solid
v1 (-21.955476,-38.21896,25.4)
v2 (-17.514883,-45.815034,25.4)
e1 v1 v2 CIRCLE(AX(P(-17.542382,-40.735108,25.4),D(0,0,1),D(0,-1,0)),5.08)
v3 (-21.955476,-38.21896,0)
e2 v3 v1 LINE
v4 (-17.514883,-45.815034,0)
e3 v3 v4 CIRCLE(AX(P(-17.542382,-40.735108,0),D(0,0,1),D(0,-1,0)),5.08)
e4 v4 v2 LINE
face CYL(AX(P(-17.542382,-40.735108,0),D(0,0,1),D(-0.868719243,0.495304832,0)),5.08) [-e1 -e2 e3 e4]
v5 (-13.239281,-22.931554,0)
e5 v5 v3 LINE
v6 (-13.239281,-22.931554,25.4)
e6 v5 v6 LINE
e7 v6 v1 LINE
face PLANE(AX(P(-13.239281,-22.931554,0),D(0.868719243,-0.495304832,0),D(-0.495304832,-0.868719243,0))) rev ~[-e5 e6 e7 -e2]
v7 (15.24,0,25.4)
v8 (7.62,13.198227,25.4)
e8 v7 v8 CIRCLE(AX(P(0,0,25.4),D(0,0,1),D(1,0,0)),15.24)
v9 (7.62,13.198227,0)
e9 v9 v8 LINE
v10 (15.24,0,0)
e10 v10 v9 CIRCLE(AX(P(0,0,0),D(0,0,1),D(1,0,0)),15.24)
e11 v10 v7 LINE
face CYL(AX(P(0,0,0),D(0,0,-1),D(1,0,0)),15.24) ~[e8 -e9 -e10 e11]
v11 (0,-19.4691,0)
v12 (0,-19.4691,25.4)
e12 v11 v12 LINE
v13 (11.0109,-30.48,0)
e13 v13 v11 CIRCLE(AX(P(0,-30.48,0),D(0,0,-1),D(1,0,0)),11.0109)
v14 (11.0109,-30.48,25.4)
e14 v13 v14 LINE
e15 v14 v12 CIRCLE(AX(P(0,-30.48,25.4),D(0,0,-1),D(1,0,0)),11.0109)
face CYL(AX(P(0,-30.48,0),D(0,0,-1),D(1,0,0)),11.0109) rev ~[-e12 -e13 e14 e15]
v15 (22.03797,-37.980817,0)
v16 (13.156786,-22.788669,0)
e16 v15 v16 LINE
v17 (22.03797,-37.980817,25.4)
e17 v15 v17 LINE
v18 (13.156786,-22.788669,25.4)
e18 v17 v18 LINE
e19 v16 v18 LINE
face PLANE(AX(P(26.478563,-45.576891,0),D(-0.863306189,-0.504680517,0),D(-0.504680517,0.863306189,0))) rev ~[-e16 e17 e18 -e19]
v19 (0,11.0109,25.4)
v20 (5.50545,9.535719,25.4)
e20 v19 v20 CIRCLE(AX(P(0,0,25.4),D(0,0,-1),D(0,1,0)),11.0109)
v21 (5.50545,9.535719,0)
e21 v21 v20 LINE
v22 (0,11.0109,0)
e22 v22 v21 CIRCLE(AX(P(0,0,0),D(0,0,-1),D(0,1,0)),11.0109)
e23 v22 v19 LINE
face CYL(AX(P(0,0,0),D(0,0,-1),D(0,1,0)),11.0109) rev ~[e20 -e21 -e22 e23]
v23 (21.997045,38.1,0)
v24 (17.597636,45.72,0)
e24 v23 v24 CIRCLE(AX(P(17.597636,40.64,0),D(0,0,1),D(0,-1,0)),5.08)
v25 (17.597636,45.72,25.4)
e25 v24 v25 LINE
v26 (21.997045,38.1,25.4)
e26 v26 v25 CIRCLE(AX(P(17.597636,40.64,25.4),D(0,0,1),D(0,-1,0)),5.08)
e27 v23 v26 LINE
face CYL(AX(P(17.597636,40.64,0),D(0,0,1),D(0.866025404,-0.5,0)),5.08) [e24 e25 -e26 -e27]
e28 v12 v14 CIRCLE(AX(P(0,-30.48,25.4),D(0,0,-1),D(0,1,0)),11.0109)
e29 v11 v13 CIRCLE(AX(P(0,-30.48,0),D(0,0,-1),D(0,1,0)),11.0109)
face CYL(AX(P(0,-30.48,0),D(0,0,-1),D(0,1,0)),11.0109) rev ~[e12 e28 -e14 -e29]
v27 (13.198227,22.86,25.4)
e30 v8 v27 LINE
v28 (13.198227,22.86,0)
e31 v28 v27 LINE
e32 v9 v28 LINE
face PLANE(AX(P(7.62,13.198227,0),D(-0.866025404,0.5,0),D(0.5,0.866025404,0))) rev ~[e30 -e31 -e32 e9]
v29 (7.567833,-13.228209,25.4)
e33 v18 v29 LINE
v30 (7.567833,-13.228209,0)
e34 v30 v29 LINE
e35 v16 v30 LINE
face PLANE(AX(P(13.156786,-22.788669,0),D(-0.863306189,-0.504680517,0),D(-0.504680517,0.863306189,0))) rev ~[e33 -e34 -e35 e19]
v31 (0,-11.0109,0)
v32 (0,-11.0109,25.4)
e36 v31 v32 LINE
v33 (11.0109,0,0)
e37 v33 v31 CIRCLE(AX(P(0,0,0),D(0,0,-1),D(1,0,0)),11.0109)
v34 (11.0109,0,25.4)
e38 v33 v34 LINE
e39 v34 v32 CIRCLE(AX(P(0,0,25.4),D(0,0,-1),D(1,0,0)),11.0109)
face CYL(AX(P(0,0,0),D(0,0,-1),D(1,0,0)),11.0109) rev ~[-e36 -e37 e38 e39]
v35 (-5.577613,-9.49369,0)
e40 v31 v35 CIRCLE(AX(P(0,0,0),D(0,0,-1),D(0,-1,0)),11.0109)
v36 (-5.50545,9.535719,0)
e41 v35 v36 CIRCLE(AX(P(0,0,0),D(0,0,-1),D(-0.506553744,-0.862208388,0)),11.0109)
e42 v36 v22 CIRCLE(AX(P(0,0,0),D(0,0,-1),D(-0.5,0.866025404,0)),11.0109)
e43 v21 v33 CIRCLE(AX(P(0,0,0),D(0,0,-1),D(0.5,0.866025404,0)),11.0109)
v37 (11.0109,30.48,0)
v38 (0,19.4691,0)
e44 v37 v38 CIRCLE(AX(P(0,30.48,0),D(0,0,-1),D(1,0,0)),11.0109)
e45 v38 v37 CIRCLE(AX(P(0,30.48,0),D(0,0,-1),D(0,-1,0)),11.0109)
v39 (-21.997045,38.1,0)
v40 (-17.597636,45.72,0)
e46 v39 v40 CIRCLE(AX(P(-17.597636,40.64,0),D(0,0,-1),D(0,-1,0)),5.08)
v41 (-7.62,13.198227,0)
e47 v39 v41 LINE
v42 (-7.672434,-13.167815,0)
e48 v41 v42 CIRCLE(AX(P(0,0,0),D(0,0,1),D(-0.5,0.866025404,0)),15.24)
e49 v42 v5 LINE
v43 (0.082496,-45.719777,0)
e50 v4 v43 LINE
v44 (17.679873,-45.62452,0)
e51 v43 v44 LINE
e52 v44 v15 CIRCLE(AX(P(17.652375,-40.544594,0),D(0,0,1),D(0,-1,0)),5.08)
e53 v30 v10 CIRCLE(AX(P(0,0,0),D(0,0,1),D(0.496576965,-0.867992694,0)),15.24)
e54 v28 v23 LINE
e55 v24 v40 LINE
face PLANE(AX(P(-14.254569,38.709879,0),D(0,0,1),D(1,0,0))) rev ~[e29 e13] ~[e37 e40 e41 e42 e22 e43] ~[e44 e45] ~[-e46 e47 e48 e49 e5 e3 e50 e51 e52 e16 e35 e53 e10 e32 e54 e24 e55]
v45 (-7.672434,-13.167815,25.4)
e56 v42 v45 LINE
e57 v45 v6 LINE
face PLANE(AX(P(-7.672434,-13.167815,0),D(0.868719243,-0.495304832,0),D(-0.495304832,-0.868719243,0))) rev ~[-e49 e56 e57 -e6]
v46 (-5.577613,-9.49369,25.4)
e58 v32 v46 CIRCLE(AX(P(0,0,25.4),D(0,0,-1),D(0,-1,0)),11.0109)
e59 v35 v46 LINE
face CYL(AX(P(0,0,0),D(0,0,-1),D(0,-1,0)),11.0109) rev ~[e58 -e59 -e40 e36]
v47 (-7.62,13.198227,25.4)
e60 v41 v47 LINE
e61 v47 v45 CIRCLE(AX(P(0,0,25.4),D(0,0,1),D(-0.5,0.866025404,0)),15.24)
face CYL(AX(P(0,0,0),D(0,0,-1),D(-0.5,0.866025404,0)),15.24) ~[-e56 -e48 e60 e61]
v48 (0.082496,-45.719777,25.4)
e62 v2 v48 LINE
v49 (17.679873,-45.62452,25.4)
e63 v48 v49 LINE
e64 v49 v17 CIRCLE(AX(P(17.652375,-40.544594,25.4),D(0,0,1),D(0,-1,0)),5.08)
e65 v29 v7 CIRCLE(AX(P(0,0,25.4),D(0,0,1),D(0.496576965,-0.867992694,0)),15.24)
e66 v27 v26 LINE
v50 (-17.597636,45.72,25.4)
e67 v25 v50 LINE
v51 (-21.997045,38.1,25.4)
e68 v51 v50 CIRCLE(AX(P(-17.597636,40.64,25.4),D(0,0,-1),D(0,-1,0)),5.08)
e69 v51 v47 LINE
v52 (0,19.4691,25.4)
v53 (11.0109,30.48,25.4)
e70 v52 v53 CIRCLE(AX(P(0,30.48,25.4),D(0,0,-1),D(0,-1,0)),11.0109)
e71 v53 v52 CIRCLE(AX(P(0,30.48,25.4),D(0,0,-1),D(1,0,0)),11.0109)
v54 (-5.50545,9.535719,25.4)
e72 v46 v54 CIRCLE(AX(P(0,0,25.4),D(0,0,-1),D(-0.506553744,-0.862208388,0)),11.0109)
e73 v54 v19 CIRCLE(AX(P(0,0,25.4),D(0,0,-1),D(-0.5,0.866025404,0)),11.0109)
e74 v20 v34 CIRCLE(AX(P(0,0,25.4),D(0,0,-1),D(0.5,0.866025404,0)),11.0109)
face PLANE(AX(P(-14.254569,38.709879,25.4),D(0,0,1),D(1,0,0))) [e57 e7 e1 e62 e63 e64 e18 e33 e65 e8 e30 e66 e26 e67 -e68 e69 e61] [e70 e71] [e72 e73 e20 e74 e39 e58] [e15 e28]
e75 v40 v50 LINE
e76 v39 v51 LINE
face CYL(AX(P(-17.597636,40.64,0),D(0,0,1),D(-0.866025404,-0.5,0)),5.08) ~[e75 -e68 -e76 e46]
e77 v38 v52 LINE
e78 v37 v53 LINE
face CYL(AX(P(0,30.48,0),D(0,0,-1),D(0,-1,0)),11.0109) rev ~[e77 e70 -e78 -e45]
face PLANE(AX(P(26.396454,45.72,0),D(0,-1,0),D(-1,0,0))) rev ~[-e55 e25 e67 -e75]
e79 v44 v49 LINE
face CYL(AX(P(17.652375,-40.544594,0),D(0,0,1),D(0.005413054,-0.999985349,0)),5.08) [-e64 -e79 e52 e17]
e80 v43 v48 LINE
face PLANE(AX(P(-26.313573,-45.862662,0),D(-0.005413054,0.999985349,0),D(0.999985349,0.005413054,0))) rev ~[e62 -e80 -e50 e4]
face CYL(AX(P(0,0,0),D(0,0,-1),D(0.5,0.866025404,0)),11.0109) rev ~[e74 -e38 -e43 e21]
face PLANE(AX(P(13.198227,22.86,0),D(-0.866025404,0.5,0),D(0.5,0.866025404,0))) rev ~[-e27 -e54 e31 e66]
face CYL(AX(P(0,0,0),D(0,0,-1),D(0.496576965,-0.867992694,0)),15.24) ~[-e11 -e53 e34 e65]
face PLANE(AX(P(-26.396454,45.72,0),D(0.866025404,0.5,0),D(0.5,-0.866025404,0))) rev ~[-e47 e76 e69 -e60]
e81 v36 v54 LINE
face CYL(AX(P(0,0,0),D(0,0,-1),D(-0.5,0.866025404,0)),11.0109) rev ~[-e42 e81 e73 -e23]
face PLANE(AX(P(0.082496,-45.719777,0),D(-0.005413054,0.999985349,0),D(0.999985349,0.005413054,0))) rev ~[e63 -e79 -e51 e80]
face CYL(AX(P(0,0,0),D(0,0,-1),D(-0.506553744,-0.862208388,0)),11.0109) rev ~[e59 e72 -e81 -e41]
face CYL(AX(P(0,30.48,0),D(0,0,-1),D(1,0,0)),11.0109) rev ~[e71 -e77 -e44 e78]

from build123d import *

# Parameters (mm, degrees)
F1_DEPTH = 25.4
F2_R     = 5.08
F3_R     = 5.08


with BuildPart() as f1:
    # F0 (on Top) → F1 (new body)
    with BuildSketch(Plane.XY):
        with BuildLine():
            Line((-26.3964543073, 45.72), (-13.1982270342, 22.8599997931))
            ThreePointArc((-13.1982270342, 22.8599997931), (-13.1982272083, 38.0999999054), (2.04e-08, 45.72))
            Line((2.04e-08, 45.72), (-26.3964543073, 45.72))
        make_face()
        with BuildLine():
            ThreePointArc((-13.1982270342, 22.8599997931), (-7.6199998966, 17.2817727866), (0, 15.24))
            ThreePointArc((0, 15.24), (7.6200000359, 17.281772867), (13.1982271951, 22.8600000717))
            ThreePointArc((13.1982271951, 22.8600000717), (14.7207096034, 26.5355977926), (15.24, 30.48))
            ThreePointArc((15.24, 30.48), (10.7763073525, 41.2563073381), (2.04e-08, 45.72))
            ThreePointArc((2.04e-08, 45.72), (-13.1982272083, 38.0999999054), (-13.1982270342, 22.8599997931))
        make_face()
        with BuildLine():
            ThreePointArc((11.0109, 30.48), (7.785882057, 22.694117943), (0, 19.4691))
            ThreePointArc((0, 19.4691), (-7.785882057, 38.265882057), (11.0109, 30.48))
        make_face(mode=Mode.SUBTRACT)
        with BuildLine():
            ThreePointArc((15.24, 30.48), (14.7207096034, 26.5355977926), (13.1982271951, 22.8600000717))
            Line((13.1982271951, 22.8600000717), (26.3964543073, 45.72))
            Line((26.3964543073, 45.72), (2.04e-08, 45.72))
            ThreePointArc((2.04e-08, 45.72), (10.7763073525, 41.2563073381), (15.24, 30.48))
        make_face()
        with BuildLine():
            ThreePointArc((0, 15.24), (3.9444022474, 14.7207095926), (7.62, 13.1982271537))
            Line((7.62, 13.1982271537), (13.1982271951, 22.8600000717))
            ThreePointArc((13.1982271951, 22.8600000717), (7.6200000359, 17.281772867), (0, 15.24))
        make_face()
        with BuildLine():
            ThreePointArc((-7.62, 13.1982271537), (-3.9444022474, 14.7207095926), (0, 15.24))
            ThreePointArc((0, 15.24), (-7.6199998966, 17.2817727866), (-13.1982270342, 22.8599997931))
            Line((-13.1982270342, 22.8599997931), (-7.62, 13.1982271537))
        make_face()
        with BuildLine():
            ThreePointArc((-5.50545, 9.5357191185), (-2.8498306237, 10.6357126807), (0, 11.0109))
            Line((0, 11.0109), (0, 15.24))
            ThreePointArc((0, 15.24), (-3.9444022474, 14.7207095926), (-7.62, 13.1982271537))
            Line((-7.62, 13.1982271537), (-5.50545, 9.5357191185))
        make_face()
        with BuildLine():
            ThreePointArc((0, 11.0109), (2.8498306237, 10.6357126807), (5.50545, 9.5357191185))
            Line((5.50545, 9.5357191185), (7.62, 13.1982271537))
            ThreePointArc((7.62, 13.1982271537), (3.9444022474, 14.7207095926), (0, 15.24))
            Line((0, 15.24), (0, 11.0109))
        make_face()
        with BuildLine():
            ThreePointArc((-5.5776126233, -9.4936903381), (-11.0108208297, 0.0417548278), (-5.50545, 9.5357191185))
            Line((-5.50545, 9.5357191185), (-7.62, 13.1982271537))
            ThreePointArc((-7.62, 13.1982271537), (-15.2399698636, 0.030307715), (-7.6724341256, -13.1678151031))
            Line((-7.6724341256, -13.1678151031), (-5.5776126233, -9.4936903381))
        make_face()
        with BuildLine():
            Line((0, -15.24), (0, -11.0109))
            ThreePointArc((0, -11.0109), (-2.8901421995, -10.6248292634), (-5.5776126233, -9.4936903381))
            Line((-5.5776126233, -9.4936903381), (-7.6724341256, -13.1678151031))
            ThreePointArc((-7.6724341256, -13.1678151031), (-3.9736694521, -14.7128362692), (0, -15.24))
        make_face()
        with BuildLine():
            Line((7.5678329537, -13.2282086612), (5.4333591334, -9.5769790298))
            ThreePointArc((5.4333591334, -9.5769790298), (2.8096939701, -10.6463861758), (0, -11.0109))
            Line((0, -11.0109), (0, -15.24))
            ThreePointArc((0, -15.24), (3.9153352349, -14.7284673337), (7.5678329537, -13.2282086612))
        make_face()
        with BuildLine():
            ThreePointArc((5.50545, 9.5357191185), (9.5357191185, 5.50545), (11.0109, 0))
            ThreePointArc((11.0109, 0), (9.5148855193, -5.5413782008), (5.4333591334, -9.5769790298))
            Line((5.4333591334, -9.5769790298), (7.5678329537, -13.2282086612))
            ThreePointArc((7.5678329537, -13.2282086612), (13.1831592233, -7.6460390329), (15.24, 0))
            ThreePointArc((15.24, 0), (13.1982271537, 7.62), (7.62, 13.1982271537))
            Line((7.62, 13.1982271537), (5.50545, 9.5357191185))
        make_face()
        with BuildLine():
            ThreePointArc((13.1567863006, -22.7886688902), (7.5842505855, -17.2611973668), (0, -15.24))
            ThreePointArc((0, -15.24), (-7.6556936027, -17.302445012), (-13.2392812888, -22.9315544013))
            ThreePointArc((-13.2392812888, -22.9315544013), (-13.1567861593, -38.1713313515), (0.0824955225, -45.7197767204))
            ThreePointArc((0.0824955225, -45.7197767204), (10.8054345531, -41.2271011961), (15.24, -30.48))
            ThreePointArc((15.24, -30.48), (14.7099800003, -26.4957700381), (13.1567863006, -22.7886688902))
        make_face()
        with BuildLine():
            ThreePointArc((11.0109, -30.48), (-7.785882057, -38.265882057), (0, -19.4691))
            ThreePointArc((0, -19.4691), (7.785882057, -22.694117943), (11.0109, -30.48))
        make_face(mode=Mode.SUBTRACT)
        with BuildLine():
            ThreePointArc((-13.2392812888, -22.9315544013), (-7.6556936027, -17.302445012), (0, -15.24))
            ThreePointArc((0, -15.24), (-3.9736694521, -14.7128362692), (-7.6724341256, -13.1678151031))
            Line((-7.6724341256, -13.1678151031), (-13.2392812888, -22.9315544013))
        make_face()
        with BuildLine():
            Line((13.1567863006, -22.7886688902), (7.5678329537, -13.2282086612))
            ThreePointArc((7.5678329537, -13.2282086612), (3.9153352349, -14.7284673337), (0, -15.24))
            ThreePointArc((0, -15.24), (7.5842505855, -17.2611973668), (13.1567863006, -22.7886688902))
        make_face()
        with BuildLine():
            Line((26.4785625289, -45.5768912828), (13.1567863006, -22.7886688902))
            ThreePointArc((13.1567863006, -22.7886688902), (14.7099800003, -26.4957700381), (15.24, -30.48))
            ThreePointArc((15.24, -30.48), (10.8054345531, -41.2271011961), (0.0824955225, -45.7197767204))
            Line((0.0824955225, -45.7197767204), (26.4785625289, -45.5768912828))
        make_face()
        with BuildLine():
            ThreePointArc((0.0824955225, -45.7197767204), (-13.1567861593, -38.1713313515), (-13.2392812888, -22.9315544013))
            Line((-13.2392812888, -22.9315544013), (-26.3135726335, -45.8626621643))
            Line((-26.3135726335, -45.8626621643), (0.0824955225, -45.7197767204))
        make_face()
    extrude(amount=F1_DEPTH)

    # F2
    f2_edges = [f1.edges().sort_by_distance(p)[0] for p in [
        (26.396454, 45.72, 12.7),
        (26.478563, -45.576891, 12.7),
        (-26.313573, -45.862662, 12.7),
    ]]
    fillet(f2_edges, radius=F2_R)

    # F3
    f3_edges = [f1.edges().sort_by_distance(p)[0] for p in [
        (-26.396454, 45.72, 12.7),
    ]]
    fillet(f3_edges, radius=F3_R)


solid = f1.part
